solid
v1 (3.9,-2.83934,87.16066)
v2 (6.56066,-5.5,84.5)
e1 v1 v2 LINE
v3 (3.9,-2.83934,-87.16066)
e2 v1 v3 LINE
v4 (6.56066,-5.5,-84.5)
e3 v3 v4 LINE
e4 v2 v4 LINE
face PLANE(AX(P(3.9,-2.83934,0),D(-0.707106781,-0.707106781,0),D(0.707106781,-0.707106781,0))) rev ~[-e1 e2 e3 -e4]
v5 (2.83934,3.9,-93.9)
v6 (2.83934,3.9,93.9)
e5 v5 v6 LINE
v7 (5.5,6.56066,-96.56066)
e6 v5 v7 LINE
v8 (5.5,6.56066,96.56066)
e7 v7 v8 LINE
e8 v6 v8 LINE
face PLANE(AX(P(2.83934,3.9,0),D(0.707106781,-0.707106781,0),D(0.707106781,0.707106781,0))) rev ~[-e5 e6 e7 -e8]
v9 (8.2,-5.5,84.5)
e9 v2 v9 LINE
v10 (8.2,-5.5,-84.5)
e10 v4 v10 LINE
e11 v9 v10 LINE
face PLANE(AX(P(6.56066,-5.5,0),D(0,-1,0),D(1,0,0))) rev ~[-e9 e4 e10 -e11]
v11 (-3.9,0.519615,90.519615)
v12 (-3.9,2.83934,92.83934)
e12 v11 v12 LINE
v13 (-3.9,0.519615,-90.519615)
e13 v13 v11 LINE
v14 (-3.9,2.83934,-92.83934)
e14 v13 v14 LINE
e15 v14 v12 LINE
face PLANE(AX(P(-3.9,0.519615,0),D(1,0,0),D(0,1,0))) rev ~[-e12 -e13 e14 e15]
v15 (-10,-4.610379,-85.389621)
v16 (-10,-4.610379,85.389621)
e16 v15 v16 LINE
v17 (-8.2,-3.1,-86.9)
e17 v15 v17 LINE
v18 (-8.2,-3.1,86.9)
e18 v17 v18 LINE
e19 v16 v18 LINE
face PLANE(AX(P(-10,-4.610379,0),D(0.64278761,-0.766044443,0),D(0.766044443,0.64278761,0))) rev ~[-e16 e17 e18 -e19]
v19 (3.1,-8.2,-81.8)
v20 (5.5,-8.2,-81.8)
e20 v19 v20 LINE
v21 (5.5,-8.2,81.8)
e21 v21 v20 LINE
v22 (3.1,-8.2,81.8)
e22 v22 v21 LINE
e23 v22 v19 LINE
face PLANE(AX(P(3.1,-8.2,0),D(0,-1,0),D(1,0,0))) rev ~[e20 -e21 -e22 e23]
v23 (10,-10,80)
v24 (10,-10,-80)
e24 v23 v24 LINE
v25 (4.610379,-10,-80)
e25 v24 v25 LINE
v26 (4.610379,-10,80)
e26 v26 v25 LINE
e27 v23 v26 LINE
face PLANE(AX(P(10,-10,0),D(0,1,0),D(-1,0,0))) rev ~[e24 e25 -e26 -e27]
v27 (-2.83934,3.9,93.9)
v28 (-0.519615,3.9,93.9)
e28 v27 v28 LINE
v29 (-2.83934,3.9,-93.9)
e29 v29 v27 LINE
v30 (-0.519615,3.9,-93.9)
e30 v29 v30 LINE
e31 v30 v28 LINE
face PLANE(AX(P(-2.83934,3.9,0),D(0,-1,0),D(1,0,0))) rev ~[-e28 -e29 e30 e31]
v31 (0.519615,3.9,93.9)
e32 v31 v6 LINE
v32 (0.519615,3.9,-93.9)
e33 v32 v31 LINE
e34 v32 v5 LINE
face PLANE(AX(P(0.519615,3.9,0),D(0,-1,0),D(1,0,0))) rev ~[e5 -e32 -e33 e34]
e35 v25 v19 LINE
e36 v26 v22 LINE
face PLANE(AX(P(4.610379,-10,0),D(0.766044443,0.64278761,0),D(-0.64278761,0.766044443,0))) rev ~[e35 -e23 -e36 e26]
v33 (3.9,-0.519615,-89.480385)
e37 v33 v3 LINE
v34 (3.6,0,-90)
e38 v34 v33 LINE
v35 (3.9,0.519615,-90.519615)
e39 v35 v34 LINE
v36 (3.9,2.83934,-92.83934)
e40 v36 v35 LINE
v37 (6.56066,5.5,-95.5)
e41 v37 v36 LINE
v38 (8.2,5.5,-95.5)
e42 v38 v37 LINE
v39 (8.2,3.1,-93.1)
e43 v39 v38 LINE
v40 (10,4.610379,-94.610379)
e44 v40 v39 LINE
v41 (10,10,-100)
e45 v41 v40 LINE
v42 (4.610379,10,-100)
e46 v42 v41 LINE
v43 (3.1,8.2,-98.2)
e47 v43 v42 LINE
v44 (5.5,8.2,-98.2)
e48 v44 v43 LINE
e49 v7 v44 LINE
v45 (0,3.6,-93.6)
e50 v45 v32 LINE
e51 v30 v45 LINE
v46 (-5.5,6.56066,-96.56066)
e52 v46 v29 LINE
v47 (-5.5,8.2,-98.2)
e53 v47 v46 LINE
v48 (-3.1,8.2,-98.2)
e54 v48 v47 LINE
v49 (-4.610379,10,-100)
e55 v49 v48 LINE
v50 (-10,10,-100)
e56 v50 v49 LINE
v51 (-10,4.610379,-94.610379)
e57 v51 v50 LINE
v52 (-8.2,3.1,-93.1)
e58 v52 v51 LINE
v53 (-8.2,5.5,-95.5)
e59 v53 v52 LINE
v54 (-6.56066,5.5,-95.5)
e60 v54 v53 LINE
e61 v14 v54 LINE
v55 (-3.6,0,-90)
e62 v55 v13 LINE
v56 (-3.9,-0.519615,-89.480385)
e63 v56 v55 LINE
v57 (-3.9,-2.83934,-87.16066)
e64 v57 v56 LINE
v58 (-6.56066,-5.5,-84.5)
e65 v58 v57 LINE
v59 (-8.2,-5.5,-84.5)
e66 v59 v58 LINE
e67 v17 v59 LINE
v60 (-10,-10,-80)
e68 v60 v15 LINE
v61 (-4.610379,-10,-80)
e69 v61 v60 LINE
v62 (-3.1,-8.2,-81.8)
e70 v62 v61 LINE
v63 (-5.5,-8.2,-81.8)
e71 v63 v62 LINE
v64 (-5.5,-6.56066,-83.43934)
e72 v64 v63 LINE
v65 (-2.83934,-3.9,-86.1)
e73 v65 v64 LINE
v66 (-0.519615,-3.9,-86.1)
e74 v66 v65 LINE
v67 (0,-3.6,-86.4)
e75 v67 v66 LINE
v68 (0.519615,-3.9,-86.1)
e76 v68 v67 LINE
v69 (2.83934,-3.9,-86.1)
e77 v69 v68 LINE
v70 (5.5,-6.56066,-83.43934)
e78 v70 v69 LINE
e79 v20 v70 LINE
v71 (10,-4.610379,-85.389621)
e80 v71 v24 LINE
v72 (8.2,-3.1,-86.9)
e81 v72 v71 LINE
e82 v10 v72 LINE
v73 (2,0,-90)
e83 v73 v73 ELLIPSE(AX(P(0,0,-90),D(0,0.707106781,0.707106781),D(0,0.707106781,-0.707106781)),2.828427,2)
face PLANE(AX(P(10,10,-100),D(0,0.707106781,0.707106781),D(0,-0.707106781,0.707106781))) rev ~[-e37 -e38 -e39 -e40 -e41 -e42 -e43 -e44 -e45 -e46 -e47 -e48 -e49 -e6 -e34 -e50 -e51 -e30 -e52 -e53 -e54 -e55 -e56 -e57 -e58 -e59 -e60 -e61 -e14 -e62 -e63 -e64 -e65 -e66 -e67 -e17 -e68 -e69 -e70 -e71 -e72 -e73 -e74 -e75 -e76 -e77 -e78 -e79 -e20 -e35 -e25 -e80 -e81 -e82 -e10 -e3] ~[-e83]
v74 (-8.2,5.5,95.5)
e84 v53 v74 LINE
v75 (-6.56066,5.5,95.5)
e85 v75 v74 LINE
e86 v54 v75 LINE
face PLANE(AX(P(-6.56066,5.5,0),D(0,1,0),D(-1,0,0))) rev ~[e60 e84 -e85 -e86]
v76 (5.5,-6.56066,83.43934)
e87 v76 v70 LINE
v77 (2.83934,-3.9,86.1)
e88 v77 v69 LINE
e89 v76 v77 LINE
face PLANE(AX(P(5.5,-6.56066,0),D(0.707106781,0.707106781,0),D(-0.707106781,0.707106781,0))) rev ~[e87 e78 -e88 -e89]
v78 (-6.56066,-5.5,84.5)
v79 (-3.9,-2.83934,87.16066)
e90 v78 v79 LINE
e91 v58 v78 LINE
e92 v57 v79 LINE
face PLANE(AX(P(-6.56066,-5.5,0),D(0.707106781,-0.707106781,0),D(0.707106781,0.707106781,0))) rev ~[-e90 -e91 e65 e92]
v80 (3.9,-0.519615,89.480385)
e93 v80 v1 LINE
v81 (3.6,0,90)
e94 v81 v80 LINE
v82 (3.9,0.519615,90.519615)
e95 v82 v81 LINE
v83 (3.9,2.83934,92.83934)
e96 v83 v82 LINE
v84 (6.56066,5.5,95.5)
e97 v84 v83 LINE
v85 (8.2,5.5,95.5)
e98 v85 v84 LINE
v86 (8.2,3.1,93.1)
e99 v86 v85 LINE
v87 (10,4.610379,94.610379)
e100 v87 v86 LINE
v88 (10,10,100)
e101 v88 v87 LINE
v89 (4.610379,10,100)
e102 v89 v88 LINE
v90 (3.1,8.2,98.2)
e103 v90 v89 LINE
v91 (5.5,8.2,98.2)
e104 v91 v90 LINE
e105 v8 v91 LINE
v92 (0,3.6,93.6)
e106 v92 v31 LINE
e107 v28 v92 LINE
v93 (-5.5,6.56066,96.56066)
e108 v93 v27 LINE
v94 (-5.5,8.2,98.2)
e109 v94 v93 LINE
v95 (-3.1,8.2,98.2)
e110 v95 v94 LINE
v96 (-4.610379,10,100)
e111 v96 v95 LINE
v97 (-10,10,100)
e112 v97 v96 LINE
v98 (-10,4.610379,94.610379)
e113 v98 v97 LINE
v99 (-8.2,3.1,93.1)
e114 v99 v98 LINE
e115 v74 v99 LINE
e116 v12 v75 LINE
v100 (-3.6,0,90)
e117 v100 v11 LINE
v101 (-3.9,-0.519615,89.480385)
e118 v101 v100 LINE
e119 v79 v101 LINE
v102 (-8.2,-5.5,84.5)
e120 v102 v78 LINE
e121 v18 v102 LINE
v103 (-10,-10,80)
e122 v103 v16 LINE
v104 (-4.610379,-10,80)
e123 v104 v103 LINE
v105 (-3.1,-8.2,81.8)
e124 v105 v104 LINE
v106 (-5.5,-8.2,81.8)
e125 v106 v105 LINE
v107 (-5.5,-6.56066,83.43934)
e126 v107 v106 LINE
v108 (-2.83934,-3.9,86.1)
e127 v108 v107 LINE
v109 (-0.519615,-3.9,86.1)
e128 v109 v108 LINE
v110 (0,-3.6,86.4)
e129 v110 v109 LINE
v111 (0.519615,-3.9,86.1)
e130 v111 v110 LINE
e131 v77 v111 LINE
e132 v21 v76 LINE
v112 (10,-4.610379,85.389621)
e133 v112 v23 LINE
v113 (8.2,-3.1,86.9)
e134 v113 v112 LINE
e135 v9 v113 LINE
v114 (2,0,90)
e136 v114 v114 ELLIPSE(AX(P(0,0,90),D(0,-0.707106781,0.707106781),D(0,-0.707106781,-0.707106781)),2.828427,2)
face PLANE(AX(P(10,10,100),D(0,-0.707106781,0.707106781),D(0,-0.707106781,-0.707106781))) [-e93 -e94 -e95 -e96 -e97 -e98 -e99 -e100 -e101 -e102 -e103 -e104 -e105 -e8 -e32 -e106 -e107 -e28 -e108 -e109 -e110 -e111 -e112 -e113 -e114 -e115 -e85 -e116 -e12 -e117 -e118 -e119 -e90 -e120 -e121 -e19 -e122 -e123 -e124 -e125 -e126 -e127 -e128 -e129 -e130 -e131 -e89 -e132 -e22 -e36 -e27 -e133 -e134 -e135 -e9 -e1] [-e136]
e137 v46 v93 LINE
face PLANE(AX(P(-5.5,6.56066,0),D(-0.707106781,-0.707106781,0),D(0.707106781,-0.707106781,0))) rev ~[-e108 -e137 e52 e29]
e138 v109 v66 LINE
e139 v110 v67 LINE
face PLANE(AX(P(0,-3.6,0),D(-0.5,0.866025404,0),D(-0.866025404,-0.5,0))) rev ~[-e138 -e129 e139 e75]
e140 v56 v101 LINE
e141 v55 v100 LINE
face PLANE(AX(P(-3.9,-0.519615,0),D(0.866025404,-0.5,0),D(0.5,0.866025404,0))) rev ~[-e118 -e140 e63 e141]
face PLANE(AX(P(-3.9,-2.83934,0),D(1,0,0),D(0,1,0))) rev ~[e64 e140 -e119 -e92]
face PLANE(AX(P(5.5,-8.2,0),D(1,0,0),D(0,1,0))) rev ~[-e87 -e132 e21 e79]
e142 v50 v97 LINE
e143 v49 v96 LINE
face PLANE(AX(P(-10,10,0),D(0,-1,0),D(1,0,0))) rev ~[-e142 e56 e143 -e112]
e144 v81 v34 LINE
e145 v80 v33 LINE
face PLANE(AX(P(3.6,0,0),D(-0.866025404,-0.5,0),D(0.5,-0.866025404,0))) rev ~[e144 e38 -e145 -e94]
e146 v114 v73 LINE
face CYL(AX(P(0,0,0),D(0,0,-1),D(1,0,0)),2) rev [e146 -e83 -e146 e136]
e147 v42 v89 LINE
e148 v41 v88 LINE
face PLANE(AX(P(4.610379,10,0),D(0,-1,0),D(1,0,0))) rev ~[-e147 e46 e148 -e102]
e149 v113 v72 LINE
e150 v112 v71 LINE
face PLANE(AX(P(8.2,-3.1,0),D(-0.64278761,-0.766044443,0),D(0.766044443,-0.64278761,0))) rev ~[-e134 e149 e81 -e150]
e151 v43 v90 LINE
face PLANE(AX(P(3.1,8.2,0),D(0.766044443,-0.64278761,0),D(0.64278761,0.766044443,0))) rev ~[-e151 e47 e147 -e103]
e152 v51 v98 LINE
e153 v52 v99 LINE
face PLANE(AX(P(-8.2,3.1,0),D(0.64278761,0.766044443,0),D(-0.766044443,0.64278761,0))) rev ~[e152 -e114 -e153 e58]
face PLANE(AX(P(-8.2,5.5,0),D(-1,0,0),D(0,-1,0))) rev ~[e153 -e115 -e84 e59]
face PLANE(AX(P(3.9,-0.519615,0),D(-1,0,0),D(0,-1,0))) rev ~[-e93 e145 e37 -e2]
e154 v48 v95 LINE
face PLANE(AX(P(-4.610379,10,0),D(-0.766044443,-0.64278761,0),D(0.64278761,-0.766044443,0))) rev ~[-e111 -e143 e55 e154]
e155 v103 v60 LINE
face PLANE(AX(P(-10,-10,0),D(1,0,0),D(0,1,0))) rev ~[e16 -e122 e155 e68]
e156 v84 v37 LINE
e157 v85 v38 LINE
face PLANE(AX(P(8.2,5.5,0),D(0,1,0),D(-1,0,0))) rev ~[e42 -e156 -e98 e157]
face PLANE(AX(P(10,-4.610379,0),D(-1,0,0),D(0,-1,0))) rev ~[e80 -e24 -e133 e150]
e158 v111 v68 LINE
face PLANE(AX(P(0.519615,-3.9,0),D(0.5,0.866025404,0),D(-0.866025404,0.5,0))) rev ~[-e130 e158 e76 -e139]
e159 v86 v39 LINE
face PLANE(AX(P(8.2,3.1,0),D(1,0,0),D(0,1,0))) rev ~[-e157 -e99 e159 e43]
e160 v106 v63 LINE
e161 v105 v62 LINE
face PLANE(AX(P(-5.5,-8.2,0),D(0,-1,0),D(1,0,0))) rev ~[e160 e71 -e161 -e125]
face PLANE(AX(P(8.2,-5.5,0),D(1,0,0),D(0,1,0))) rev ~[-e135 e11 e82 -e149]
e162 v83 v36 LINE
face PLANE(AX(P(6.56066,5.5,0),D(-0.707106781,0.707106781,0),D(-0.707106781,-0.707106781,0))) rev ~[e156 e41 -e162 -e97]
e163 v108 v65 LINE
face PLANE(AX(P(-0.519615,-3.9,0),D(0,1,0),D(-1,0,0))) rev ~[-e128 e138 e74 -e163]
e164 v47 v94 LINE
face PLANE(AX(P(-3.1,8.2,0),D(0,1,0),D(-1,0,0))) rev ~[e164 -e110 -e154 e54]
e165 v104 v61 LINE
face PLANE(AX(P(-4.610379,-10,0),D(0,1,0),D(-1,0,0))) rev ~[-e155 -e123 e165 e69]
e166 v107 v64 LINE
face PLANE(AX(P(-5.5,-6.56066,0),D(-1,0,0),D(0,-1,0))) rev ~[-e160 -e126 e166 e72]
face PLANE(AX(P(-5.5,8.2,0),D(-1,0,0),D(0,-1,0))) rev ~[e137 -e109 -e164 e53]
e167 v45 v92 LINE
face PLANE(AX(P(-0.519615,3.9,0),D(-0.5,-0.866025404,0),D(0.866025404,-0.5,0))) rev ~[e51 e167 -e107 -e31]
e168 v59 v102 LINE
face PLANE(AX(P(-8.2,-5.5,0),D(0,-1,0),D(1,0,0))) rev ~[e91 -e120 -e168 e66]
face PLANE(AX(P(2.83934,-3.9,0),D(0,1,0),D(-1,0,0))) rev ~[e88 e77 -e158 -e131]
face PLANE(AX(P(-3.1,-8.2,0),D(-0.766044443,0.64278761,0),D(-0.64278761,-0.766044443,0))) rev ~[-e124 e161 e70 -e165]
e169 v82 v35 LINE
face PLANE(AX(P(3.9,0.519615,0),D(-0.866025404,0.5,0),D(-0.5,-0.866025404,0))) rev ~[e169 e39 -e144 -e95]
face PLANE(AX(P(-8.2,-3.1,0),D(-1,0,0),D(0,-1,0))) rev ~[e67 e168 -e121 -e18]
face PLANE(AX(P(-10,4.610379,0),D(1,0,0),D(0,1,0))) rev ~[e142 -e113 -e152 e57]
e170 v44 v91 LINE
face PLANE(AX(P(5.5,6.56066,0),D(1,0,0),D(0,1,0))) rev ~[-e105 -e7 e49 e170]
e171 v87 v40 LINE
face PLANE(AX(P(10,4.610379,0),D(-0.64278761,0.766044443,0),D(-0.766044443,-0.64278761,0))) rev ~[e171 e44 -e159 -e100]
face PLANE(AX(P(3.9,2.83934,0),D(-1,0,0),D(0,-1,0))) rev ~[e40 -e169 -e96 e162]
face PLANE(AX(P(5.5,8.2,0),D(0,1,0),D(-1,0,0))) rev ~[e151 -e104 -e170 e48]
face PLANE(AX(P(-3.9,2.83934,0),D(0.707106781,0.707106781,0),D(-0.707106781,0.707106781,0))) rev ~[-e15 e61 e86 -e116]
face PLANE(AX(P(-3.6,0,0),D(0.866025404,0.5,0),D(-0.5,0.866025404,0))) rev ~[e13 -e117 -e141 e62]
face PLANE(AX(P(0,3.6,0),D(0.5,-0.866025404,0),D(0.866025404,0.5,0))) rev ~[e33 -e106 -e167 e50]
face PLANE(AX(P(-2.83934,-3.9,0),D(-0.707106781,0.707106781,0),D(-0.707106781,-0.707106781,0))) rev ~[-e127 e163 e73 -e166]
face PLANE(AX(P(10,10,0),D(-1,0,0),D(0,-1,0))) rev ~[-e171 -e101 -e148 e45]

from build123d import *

# Parameters (mm, degrees)
SKETCH1_R           = 2
BOSS_EXTRUDE1_DEPTH = 100
CUT_EXTRUDE1_REACH  = 22


with BuildPart() as part:
    # Sketch1 → Boss-Extrude1 (new body, symmetric)
    with BuildSketch(Plane.XY):
        Polygon((10, 10), (10, 4.610379336), (8.2, 3.1), (8.2, 5.5), (6.560660172, 5.5), (3.9, 2.839339828), (3.9, 0.519615242), (3.6, 0), (3.9, -0.519615242), (3.9, -2.839339828), (6.560660172, -5.5), (8.2, -5.5), (8.2, -3.1), (10, -4.610379336), (10, -10), (4.610379336, -10), (3.1, -8.2), (5.5, -8.2), (5.5, -6.560660172), (2.839339828, -3.9), (0.519615242, -3.9), (0, -3.6), (-0.519615242, -3.9), (-2.839339828, -3.9), (-5.5, -6.560660172), (-5.5, -8.2), (-3.1, -8.2), (-4.610379336, -10), (-10, -10), (-10, -4.610379336), (-8.2, -3.1), (-8.2, -5.5), (-6.560660172, -5.5), (-3.9, -2.839339828), (-3.9, -0.519615242), (-3.6, 0), (-3.9, 0.519615242), (-3.9, 2.839339828), (-6.560660172, 5.5), (-8.2, 5.5), (-8.2, 3.1), (-10, 4.610379336), (-10, 10), (-4.610379336, 10), (-3.1, 8.2), (-5.5, 8.2), (-5.5, 6.560660172), (-2.839339828, 3.9), (-0.519615242, 3.9), (0, 3.6), (0.519615242, 3.9), (2.839339828, 3.9), (5.5, 6.560660172), (5.5, 8.2), (3.1, 8.2), (4.610379336, 10), align=None)
        Circle(SKETCH1_R, mode=Mode.SUBTRACT)
    extrude(amount=BOSS_EXTRUDE1_DEPTH, both=True)

    # Sketch2 → Cut-Extrude1 (cut, up to next)
    with BuildSketch(Plane(origin=(10, 0, 0), x_dir=(0, 0, -1), z_dir=(1, 0, 0)), mode=Mode.PRIVATE) as cut_extrude1_sk1:
        Polygon((100, 10), (80, -10), (100, -10), align=None)
    cut_extrude1_tool1 = extrude(cut_extrude1_sk1.sketch, amount=-CUT_EXTRUDE1_REACH, mode=Mode.PRIVATE) & part.part
    add(cut_extrude1_tool1.solids().sort_by_distance((10, -3.333333, -93.333333))[0], mode=Mode.SUBTRACT)
    # Sketch2 → Cut-Extrude1 (cut, up to next)
    with BuildSketch(Plane(origin=(10, 0, 0), x_dir=(0, 0, -1), z_dir=(1, 0, 0)), mode=Mode.PRIVATE) as cut_extrude1_sk2:
        Polygon((-100, 10), (-80, -10), (-100, -10), align=None)
    cut_extrude1_tool2 = extrude(cut_extrude1_sk2.sketch, amount=-CUT_EXTRUDE1_REACH, mode=Mode.PRIVATE) & part.part
    add(cut_extrude1_tool2.solids().sort_by_distance((10, -3.333333, 93.333333))[0], mode=Mode.SUBTRACT)


solid = part.part
